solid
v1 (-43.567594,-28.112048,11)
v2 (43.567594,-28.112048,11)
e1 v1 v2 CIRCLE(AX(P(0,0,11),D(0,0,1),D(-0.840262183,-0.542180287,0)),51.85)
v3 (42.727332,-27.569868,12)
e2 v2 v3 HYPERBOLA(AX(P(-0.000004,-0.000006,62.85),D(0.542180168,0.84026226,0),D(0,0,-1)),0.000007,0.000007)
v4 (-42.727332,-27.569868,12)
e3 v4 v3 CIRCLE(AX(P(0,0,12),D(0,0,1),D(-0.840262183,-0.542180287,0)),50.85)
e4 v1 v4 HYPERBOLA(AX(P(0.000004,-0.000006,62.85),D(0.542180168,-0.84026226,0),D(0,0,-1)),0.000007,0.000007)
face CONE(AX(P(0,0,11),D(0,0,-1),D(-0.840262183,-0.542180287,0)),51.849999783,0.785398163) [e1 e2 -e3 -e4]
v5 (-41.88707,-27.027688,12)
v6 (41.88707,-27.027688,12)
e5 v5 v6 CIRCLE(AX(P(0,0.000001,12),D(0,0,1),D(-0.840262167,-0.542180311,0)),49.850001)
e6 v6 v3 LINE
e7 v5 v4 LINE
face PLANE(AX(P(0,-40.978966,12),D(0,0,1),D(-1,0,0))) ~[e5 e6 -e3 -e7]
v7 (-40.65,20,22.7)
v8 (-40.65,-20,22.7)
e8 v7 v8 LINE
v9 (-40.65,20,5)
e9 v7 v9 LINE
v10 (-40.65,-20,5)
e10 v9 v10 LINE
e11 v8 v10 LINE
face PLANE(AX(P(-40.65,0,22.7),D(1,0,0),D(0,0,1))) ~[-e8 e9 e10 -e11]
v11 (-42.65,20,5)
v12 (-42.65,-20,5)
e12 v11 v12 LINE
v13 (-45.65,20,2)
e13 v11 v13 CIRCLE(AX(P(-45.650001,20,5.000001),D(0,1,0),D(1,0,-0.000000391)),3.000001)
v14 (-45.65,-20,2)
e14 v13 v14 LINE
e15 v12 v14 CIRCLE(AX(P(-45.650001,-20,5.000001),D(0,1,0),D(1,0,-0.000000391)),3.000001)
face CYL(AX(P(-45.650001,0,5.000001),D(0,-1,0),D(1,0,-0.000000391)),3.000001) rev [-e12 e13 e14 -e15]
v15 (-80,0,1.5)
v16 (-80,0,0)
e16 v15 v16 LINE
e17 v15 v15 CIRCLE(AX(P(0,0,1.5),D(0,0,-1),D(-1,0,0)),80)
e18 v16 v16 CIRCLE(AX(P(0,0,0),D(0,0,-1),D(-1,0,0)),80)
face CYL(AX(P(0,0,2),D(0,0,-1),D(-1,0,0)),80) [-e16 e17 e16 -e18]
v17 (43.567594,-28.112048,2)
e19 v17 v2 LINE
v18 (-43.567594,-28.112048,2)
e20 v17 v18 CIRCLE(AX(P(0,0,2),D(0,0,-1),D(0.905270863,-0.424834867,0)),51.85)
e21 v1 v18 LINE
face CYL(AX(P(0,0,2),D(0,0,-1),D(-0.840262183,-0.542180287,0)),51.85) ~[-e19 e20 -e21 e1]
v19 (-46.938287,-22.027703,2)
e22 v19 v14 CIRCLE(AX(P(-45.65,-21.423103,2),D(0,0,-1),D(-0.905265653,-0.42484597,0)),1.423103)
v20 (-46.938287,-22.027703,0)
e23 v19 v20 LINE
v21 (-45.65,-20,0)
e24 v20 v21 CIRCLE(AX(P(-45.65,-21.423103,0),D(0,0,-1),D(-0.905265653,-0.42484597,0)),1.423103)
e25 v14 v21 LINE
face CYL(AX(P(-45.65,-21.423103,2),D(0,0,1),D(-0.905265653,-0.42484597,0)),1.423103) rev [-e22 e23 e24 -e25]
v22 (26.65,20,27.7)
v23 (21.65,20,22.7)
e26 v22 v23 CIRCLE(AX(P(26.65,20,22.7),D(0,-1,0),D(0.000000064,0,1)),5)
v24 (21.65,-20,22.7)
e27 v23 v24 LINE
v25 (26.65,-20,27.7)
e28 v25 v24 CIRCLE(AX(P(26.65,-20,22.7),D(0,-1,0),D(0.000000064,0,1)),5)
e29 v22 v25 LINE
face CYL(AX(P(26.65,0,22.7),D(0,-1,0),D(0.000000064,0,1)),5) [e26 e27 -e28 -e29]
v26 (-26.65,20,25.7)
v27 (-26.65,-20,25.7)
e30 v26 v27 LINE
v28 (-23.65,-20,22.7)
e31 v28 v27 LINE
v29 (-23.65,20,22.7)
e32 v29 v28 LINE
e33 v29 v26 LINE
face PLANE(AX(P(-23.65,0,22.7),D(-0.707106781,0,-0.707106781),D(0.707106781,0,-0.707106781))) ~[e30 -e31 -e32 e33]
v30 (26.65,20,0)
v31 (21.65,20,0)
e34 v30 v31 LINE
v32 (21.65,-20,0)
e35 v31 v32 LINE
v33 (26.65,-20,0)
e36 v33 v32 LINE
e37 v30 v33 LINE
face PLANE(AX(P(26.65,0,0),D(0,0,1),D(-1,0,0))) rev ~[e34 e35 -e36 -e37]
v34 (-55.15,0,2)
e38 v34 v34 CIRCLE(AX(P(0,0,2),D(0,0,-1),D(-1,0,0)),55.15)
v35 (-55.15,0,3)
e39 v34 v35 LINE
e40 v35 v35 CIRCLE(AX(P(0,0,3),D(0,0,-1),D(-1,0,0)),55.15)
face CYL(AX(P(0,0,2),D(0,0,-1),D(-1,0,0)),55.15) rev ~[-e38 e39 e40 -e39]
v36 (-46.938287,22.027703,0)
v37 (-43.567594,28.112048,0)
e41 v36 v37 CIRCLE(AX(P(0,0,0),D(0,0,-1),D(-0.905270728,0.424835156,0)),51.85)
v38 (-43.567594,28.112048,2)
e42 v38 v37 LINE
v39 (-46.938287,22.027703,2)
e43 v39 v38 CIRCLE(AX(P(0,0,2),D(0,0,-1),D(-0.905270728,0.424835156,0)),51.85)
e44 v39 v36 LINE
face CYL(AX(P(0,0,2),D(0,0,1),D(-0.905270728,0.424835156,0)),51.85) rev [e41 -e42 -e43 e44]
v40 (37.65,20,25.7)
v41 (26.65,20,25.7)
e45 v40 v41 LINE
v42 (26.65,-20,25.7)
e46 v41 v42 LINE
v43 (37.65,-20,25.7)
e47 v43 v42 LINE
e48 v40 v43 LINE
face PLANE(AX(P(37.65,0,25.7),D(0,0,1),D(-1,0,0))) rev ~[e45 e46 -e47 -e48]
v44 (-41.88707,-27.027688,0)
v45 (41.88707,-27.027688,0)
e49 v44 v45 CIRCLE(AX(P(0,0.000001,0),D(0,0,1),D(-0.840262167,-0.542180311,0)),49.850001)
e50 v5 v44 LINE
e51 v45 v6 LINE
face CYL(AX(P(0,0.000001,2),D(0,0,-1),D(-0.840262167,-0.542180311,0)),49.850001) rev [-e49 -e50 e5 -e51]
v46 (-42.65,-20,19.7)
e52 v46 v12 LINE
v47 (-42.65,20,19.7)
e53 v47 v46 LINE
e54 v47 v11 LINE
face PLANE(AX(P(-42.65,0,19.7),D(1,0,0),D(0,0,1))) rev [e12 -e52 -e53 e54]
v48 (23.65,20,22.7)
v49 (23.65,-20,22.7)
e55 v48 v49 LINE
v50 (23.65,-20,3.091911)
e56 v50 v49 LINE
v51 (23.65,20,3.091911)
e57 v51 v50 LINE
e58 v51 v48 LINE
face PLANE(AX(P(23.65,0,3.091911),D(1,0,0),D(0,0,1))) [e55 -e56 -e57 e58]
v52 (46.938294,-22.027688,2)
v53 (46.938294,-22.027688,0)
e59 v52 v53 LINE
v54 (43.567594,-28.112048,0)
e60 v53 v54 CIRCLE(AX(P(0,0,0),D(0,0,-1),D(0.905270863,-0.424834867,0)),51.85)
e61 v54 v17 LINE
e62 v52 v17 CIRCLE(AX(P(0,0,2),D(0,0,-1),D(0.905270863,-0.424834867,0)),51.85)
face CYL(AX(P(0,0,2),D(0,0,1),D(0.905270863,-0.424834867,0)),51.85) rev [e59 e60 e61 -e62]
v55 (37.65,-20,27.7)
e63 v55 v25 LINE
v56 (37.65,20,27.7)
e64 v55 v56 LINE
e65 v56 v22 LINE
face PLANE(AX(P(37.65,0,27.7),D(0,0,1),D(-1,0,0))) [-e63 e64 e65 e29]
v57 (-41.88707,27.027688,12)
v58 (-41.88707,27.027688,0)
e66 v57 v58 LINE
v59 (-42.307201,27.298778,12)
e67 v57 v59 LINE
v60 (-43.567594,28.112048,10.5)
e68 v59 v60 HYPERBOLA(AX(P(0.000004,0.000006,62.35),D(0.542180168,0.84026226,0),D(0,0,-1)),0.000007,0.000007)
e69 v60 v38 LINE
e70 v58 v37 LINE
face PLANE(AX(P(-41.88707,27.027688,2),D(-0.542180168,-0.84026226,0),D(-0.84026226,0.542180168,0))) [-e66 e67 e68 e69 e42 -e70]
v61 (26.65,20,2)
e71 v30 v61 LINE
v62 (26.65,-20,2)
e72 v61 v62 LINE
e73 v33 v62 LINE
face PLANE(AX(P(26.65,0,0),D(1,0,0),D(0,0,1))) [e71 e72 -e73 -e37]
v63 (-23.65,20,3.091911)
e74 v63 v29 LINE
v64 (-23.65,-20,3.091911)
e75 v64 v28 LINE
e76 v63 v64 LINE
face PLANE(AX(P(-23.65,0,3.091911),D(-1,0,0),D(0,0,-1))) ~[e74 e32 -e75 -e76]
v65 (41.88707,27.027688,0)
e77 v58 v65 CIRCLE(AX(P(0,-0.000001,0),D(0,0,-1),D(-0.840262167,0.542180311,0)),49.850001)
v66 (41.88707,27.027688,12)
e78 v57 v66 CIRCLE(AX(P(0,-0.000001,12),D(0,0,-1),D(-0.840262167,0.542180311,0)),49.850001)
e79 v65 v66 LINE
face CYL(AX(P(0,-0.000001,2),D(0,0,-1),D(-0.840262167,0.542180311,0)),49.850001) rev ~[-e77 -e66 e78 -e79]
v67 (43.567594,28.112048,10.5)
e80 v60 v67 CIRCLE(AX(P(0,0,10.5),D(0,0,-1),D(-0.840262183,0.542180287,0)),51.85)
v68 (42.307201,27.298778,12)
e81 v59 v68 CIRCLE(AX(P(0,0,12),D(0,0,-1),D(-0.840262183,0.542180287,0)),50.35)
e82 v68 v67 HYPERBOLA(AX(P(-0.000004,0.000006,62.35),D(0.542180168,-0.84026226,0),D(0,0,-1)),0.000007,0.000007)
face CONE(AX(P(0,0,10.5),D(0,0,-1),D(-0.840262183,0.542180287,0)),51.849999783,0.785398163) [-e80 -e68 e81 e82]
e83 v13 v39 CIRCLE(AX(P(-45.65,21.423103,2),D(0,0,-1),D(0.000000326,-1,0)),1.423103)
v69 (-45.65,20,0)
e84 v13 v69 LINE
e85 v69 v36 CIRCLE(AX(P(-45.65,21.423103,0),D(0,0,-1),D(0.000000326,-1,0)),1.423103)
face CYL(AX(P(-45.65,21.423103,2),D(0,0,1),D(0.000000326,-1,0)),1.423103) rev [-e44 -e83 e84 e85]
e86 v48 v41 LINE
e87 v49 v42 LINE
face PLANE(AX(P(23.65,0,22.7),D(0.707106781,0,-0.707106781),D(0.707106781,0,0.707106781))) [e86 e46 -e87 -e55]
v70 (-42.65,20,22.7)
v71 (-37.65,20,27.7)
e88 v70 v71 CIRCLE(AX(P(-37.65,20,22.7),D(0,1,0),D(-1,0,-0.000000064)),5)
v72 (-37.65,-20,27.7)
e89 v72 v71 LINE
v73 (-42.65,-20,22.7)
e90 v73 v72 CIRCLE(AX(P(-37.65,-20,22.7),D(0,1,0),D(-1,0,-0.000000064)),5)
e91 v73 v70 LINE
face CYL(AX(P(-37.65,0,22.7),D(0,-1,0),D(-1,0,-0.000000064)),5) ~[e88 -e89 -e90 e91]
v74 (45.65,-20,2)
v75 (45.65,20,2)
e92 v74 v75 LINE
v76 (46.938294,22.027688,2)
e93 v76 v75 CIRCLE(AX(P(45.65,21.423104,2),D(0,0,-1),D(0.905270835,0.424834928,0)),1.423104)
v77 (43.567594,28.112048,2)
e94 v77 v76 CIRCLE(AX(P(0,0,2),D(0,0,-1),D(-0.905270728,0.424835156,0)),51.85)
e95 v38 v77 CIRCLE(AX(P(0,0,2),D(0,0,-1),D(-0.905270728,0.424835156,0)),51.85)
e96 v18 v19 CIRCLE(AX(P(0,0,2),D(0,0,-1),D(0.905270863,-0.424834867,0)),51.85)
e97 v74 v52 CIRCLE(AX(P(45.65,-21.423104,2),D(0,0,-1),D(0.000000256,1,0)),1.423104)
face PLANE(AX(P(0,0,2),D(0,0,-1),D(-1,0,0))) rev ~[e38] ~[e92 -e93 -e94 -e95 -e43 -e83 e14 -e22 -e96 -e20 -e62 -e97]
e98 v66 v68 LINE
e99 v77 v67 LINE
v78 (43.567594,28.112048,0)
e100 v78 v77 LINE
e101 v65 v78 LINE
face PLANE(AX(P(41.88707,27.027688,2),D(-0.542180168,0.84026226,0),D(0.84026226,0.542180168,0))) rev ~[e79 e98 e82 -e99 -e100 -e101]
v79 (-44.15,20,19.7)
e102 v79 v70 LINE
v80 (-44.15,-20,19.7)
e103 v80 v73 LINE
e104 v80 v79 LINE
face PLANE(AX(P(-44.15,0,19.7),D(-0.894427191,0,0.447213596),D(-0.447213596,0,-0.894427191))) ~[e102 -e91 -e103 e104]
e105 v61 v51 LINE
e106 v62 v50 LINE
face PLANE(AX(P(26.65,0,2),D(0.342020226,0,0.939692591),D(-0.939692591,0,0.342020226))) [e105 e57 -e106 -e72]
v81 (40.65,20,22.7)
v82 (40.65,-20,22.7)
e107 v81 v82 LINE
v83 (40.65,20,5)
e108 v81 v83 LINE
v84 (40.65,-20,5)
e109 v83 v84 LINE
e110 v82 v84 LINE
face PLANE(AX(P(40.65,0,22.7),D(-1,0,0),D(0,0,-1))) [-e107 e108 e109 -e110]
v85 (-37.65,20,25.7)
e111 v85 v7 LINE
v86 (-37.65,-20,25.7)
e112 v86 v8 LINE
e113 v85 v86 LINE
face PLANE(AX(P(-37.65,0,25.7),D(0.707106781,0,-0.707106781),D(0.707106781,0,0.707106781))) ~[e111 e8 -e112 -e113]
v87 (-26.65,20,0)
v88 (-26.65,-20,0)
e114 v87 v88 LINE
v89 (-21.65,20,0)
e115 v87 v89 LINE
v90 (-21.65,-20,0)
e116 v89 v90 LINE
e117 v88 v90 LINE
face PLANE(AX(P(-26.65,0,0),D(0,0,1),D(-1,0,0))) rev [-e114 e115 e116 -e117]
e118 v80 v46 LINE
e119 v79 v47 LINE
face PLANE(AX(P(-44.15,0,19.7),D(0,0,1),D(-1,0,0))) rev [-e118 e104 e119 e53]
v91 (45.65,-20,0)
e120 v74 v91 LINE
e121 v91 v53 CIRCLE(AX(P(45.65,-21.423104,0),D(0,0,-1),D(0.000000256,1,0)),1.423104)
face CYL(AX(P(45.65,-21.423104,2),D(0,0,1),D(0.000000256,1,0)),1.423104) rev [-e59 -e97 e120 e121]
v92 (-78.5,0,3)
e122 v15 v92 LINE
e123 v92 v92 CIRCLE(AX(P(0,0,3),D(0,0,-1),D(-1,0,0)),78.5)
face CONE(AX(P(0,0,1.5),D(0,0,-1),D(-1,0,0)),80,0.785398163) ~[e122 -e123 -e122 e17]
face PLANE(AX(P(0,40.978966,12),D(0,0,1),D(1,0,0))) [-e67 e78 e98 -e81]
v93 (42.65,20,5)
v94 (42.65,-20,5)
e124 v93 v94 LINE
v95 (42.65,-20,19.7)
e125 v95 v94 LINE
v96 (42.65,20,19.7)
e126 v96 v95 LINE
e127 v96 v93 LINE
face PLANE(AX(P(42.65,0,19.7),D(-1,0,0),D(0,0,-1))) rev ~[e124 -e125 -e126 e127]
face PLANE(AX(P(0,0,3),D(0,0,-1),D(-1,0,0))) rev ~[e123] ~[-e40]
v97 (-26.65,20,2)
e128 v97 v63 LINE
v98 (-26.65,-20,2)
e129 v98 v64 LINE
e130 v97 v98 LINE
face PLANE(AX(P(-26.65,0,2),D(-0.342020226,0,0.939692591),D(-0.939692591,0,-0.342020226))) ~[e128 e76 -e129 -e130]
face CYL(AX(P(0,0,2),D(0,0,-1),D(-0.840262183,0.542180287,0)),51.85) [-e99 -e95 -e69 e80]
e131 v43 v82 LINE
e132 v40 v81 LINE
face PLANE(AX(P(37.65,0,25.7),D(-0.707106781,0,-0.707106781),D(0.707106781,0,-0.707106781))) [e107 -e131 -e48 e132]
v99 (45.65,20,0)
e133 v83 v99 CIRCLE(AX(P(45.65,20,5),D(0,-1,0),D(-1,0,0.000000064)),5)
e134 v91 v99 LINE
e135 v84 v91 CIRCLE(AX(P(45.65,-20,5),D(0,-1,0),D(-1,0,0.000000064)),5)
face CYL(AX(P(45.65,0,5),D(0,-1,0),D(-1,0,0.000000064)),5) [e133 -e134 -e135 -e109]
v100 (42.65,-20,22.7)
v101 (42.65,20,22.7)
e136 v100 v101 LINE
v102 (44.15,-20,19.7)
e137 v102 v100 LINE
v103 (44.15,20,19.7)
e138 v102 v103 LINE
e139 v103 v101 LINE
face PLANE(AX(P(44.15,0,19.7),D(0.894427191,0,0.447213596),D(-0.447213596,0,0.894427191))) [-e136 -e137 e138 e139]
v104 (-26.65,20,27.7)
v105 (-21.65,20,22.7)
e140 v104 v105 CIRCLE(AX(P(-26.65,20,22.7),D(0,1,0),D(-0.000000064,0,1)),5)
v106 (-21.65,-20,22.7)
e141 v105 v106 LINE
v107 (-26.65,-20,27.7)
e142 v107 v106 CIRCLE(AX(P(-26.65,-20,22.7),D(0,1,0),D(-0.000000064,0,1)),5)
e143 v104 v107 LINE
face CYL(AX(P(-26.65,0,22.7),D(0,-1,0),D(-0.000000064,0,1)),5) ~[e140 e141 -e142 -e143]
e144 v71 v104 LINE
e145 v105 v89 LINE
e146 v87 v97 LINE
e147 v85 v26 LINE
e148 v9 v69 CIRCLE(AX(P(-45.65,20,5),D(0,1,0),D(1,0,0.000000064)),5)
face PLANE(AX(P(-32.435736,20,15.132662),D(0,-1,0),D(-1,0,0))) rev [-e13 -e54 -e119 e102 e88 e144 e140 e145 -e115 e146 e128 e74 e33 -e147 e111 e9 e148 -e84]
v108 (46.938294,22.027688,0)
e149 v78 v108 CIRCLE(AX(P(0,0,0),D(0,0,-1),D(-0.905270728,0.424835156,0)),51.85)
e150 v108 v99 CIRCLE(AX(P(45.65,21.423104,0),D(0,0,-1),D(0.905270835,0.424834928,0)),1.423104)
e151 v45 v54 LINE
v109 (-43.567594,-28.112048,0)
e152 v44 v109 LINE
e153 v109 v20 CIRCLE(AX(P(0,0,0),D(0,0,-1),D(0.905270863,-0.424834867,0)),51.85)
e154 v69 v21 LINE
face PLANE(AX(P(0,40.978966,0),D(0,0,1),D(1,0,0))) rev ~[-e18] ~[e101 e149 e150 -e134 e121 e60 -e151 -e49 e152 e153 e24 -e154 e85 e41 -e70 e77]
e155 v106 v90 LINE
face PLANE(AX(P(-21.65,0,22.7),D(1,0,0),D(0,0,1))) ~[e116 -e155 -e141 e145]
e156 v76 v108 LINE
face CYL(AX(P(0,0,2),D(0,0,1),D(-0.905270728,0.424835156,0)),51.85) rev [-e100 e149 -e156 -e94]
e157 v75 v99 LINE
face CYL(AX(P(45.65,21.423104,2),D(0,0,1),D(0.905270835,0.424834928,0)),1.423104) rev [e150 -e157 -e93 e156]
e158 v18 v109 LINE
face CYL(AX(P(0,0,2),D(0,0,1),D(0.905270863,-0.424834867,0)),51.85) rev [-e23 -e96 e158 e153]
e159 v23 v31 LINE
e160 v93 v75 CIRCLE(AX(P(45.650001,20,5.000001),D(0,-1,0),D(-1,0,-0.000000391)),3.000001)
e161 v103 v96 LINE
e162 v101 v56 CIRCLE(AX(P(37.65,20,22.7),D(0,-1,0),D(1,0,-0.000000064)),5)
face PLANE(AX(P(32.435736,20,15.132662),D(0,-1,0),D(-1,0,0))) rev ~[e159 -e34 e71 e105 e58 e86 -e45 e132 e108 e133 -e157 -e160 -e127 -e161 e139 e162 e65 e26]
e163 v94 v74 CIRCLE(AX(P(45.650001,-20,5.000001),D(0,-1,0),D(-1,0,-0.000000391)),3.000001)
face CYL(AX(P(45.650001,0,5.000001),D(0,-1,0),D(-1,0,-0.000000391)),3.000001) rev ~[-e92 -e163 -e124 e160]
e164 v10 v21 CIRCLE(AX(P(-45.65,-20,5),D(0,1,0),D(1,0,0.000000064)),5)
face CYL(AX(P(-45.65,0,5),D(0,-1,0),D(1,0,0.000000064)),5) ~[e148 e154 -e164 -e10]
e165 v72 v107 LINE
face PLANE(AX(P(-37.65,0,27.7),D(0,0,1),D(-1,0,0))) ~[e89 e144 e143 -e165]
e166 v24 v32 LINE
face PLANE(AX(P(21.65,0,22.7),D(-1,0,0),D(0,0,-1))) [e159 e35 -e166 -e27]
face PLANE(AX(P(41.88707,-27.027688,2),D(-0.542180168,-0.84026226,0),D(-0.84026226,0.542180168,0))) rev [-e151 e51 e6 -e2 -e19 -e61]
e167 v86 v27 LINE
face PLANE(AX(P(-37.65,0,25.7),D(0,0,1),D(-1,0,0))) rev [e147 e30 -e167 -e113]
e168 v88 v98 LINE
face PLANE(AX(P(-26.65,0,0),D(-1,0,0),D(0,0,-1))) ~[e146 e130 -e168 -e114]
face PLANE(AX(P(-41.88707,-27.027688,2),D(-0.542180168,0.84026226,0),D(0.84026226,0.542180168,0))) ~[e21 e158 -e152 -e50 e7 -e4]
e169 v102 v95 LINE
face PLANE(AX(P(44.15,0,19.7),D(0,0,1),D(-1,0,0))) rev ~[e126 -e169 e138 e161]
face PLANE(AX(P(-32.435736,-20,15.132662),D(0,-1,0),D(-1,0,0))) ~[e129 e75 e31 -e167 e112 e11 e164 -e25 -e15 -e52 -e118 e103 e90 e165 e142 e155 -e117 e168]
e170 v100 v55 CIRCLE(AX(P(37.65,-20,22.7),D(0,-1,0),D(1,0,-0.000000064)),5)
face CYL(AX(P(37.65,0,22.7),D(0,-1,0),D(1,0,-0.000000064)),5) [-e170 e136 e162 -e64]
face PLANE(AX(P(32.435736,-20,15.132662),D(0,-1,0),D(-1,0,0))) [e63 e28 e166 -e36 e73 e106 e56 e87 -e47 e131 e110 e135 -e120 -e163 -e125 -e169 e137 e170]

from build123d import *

# Parameters (mm, degrees)
SKETCH007_R           = 80
SKETCH007_R_2         = 55.15
EXTRUDE002_DEPTH      = 1
EXTRUDE_DEPTH         = 20
EXTRUDE003_DEPTH      = 2
EXTRUDE003_DEPTH_BACK = 10
SKETCH006_R           = 80
EXTRUDE001_DEPTH      = 2
CHAMFER_1_SIZE        = 1.5
CHAMFER_2_SIZE        = 1
CLONE_PLACEMENT_ANGLE = 180


with BuildPart() as extrude002:
    # Sketch007 → Extrude002 (new body)
    with BuildSketch(Plane.XY):
        Circle(SKETCH007_R)
        Circle(SKETCH007_R_2, mode=Mode.SUBTRACT)
    extrude(amount=-EXTRUDE002_DEPTH)


with BuildPart() as extrude002_1:
    # Extrude002 placement: moved
    add(extrude002.part.moved(Location((0, 0, 29.5))))


with BuildPart() as extrude_body:
    # Sketch005 → Extrude (new body, symmetric)
    with BuildSketch(Plane.XZ):
        with BuildLine():
            Line((-37.65, 3.8), (-26.65, 3.8))
            ThreePointArc((-26.65, 3.8), (-23.114466, 5.264466), (-21.65, 8.8))
            Line((-21.65, 8.8), (-21.65, 31.5))
            Line((-26.65, 31.5), (-21.65, 31.5))
            Line((-26.65, 31.5), (-26.65, 29.5))
            Line((-26.65, 29.5), (-23.65, 28.408089))
            Line((-23.65, 28.408089), (-23.65, 8.8))
            Line((-23.65, 8.8), (-26.65, 5.8))
            Line((-37.65, 5.8), (-26.65, 5.8))
            Line((-37.65, 5.8), (-40.65, 8.8))
            Line((-40.65, 8.8), (-40.65, 26.5))
            ThreePointArc((-40.65, 26.5), (-42.114466, 30.035534), (-45.65, 31.5))
            Line((-45.65, 29.5), (-45.65, 31.5))
            ThreePointArc((-42.65, 26.5), (-43.52868, 28.62132), (-45.65, 29.5))
            Line((-42.65, 11.8), (-42.65, 26.5))
            Line((-44.15, 11.8), (-42.65, 11.8))
            Line((-44.15, 11.8), (-42.65, 8.8))
            ThreePointArc((-42.65, 8.8), (-41.185534, 5.264466), (-37.65, 3.8))
        make_face()
    extrude(amount=EXTRUDE_DEPTH, both=True)


with BuildPart() as part_mirroring:
    # Part__Mirroring: instance of Extrude body
    add(extrude_body.part.mirror(Plane(origin=(0, 0, 0), x_dir=(0, -1, 0), z_dir=(1, 0, 0))))


with BuildPart() as frontplateoverhang:
    # Sketch008 → Extrude003 (new body, two sides)
    with BuildSketch(Plane.XY) as extrude003_sk:
        with BuildLine():
            ThreePointArc((41.88707, 27.027688), (0, 49.85), (-41.88707, 27.027688))
            Line((-41.88707, 27.027688), (-43.567594, 28.112048))
            ThreePointArc((43.567594, 28.112048), (0, 51.85), (-43.567594, 28.112048))
            Line((41.88707, 27.027688), (43.567594, 28.112048))
        make_face()
    extrude(amount=EXTRUDE003_DEPTH)
    extrude(extrude003_sk.sketch, amount=-EXTRUDE003_DEPTH_BACK)


with BuildPart() as frontplateoverhang_1:
    # Extrude003 placement: moved
    add(frontplateoverhang.part.moved(Location((0, 0, 29.5))))


with BuildPart() as part_mirroring001:
    # Part__Mirroring001: instance of frontplateoverhang
    add(frontplateoverhang_1.part.mirror(Plane(origin=(0, 0, 0), x_dir=(1, 0, 0), z_dir=(0, 1, 0))))


with BuildPart() as frontplate_reoriented_clone:
    # Sketch006 → Extrude001 (new body)
    with BuildSketch(Plane.XY):
        Circle(SKETCH006_R)
        with BuildLine():
            Line((-45.65, 0), (-45.65, 20))
            ThreePointArc((-46.938294, 22.027688), (-46.851168, 20.65994), (-45.65, 20))
            ThreePointArc((46.938287, 22.027703), (-8e-06, 51.85), (-46.938294, 22.027688))
            ThreePointArc((45.65, 20), (46.851173, 20.659947), (46.938287, 22.027703))
            Line((45.65, 0), (45.65, 20))
            Line((45.65, 0), (45.65, -20))
            ThreePointArc((46.938287, -22.027703), (46.851173, -20.659947), (45.65, -20))
            ThreePointArc((-46.938294, -22.027688), (-8e-06, -51.85), (46.938287, -22.027703))
            ThreePointArc((-45.65, -20), (-46.851168, -20.65994), (-46.938294, -22.027688))
            Line((-45.65, 0), (-45.65, -20))
        make_face(mode=Mode.SUBTRACT)
    extrude(amount=EXTRUDE001_DEPTH)


with BuildPart() as frontplate_reoriented_clone_1:
    # Extrude001 placement: moved
    add(frontplate_reoriented_clone.part.moved(Location((0, 0, 29.5))))

    # Fusion: union Extrude002, Part__Mirroring, Extrude body, Part__Mirroring001, frontplateoverhang
    add(extrude002_1.part)
    add(part_mirroring.part)
    add(extrude_body.part)
    add(part_mirroring001.part)
    add(frontplateoverhang_1.part)

    # Chamfer 1
    chamfer_1_edges = [frontplate_reoriented_clone_1.edges().sort_by_distance(p)[0] for p in [
        (-80, 0, 28.5),
        (0, 51.85, 19.5),
    ]]
    chamfer(chamfer_1_edges, length=CHAMFER_1_SIZE)

    # Chamfer 2
    chamfer_2_edges = [frontplate_reoriented_clone_1.edges().sort_by_distance(p)[0] for p in [
        (0, -51.85, 19.5),
    ]]
    chamfer(chamfer_2_edges, length=CHAMFER_2_SIZE)


with BuildPart() as frontplate_reoriented_clone_2:
    # Clone placement: moved
    add(frontplate_reoriented_clone_1.part.moved(Location((0, 0, 31.5))).rotate(Axis((0, 0, 31.5), (0, 1, 0)), CLONE_PLACEMENT_ANGLE))


solid = frontplate_reoriented_clone_2.part
